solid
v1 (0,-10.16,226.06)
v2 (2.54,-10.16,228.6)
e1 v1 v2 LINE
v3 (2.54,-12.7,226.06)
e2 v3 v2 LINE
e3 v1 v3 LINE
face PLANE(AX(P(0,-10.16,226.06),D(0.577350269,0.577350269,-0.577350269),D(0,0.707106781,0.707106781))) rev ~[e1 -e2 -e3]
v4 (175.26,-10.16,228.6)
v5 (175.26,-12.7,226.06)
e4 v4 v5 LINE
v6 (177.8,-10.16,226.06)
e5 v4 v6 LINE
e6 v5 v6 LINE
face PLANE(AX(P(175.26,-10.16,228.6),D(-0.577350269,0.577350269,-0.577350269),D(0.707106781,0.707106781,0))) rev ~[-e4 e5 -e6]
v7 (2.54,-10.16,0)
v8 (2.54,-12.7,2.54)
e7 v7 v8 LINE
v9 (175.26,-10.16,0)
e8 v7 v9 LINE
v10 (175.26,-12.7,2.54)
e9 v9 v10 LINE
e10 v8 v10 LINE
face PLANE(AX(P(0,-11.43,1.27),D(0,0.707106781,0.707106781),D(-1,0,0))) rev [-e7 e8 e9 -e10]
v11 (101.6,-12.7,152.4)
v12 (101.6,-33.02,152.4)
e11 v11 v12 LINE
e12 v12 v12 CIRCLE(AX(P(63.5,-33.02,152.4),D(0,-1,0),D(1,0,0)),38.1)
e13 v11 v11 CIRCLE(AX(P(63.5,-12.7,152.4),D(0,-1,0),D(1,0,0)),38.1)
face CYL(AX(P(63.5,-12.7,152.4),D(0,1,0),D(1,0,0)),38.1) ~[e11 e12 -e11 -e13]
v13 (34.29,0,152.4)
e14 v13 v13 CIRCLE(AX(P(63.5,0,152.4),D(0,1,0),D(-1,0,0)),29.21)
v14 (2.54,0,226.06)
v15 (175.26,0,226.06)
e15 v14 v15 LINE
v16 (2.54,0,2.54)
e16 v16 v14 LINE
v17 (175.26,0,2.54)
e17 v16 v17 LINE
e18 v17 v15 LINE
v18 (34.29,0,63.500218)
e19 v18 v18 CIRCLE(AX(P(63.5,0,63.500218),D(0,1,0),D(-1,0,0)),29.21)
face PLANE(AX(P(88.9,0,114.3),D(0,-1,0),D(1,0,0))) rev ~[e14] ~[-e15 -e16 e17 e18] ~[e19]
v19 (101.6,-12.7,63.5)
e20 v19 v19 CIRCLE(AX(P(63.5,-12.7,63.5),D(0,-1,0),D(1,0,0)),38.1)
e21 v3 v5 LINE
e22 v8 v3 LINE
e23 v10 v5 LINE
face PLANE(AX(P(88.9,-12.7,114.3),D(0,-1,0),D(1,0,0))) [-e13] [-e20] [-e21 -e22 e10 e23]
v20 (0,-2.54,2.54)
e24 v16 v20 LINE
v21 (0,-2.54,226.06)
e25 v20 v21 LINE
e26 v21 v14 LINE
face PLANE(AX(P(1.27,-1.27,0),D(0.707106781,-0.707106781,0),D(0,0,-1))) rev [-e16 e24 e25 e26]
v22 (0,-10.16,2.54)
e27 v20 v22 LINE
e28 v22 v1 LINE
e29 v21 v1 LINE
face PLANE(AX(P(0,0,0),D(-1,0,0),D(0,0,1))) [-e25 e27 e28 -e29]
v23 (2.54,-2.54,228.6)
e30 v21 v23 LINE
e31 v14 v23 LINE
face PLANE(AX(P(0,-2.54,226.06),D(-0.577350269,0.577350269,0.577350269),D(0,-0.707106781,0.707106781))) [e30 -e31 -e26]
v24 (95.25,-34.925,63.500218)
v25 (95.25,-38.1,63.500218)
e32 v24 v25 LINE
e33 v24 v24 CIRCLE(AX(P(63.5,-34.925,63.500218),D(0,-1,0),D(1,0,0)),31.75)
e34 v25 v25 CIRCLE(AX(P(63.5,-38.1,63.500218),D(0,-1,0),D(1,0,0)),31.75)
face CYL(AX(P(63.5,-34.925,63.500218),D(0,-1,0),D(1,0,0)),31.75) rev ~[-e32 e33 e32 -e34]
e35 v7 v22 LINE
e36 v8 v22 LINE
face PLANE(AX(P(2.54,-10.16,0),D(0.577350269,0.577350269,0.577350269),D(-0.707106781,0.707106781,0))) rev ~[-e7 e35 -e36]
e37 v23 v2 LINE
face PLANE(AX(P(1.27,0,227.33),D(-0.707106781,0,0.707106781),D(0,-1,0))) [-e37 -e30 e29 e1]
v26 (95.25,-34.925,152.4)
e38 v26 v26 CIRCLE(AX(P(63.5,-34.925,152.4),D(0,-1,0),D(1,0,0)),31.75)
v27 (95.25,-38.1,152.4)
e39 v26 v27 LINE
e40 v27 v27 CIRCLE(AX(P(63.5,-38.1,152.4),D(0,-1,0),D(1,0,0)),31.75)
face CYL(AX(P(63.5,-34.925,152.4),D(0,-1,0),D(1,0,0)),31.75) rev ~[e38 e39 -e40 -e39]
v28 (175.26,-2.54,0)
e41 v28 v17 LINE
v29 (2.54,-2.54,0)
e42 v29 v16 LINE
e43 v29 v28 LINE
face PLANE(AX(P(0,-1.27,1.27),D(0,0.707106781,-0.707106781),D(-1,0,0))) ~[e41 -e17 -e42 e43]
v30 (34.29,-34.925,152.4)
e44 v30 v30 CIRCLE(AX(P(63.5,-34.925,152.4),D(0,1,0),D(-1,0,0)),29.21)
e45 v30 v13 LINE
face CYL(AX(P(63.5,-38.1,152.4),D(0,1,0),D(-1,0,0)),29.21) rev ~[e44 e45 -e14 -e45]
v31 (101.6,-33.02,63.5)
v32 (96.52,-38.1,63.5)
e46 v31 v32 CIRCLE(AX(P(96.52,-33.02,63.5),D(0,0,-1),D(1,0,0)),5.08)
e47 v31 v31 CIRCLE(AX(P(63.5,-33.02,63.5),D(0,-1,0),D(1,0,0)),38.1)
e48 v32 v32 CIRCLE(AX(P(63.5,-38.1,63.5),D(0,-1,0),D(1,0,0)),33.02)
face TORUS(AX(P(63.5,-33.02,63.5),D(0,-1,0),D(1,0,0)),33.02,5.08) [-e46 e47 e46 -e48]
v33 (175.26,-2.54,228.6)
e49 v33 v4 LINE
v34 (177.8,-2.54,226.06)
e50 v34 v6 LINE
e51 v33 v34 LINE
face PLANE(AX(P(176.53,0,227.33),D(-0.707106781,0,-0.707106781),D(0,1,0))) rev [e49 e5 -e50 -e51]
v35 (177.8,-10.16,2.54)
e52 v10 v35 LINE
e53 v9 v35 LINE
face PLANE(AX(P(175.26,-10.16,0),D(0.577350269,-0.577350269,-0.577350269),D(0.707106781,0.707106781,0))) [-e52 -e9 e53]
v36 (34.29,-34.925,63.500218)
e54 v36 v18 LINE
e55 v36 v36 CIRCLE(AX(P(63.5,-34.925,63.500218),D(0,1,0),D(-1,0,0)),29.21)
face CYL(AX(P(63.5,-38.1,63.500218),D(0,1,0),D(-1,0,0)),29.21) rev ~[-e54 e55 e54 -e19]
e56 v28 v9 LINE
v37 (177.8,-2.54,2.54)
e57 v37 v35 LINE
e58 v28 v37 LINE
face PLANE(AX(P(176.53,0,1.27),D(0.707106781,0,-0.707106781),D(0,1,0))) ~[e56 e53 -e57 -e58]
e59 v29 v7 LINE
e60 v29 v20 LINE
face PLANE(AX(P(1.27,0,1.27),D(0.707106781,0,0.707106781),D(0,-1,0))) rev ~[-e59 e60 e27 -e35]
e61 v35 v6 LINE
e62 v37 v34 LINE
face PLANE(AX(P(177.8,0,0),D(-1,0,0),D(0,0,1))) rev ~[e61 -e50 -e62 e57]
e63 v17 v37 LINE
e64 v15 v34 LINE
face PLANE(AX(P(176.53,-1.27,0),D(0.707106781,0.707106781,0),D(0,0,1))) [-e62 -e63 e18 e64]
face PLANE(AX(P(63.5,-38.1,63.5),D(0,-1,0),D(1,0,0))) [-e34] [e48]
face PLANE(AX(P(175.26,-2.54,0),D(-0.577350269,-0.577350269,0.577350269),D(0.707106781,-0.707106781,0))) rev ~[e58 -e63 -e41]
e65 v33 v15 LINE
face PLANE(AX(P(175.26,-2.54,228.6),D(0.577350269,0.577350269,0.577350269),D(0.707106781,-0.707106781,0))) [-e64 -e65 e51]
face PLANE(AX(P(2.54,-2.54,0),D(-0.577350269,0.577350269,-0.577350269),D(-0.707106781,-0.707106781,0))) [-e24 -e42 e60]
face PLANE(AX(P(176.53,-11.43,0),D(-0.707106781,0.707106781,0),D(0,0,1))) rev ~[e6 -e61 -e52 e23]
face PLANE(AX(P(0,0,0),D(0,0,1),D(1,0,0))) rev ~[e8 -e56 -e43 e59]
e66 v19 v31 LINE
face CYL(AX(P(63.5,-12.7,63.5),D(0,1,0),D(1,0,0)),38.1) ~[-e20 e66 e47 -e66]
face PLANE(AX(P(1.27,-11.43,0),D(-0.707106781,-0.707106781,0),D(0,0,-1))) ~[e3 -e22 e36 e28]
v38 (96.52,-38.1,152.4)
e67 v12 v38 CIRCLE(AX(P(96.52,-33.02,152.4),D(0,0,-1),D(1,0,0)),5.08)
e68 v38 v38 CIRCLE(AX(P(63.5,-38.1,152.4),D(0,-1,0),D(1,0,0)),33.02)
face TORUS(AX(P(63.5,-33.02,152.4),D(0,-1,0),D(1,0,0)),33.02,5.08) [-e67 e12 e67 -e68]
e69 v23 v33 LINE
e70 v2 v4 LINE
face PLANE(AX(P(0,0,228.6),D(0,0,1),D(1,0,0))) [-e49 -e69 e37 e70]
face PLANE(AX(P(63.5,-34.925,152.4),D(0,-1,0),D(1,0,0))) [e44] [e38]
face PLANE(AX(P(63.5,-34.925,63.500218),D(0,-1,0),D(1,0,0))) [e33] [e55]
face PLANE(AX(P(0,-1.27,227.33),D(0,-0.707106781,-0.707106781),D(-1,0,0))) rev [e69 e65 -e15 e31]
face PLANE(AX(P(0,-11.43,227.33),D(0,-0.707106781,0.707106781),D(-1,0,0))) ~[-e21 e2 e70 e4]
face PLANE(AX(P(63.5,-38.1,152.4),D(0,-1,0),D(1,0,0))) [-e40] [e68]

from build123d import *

# Parameters (mm, degrees)
F0_W           = 177.8
F0_H           = 228.6
F1_DEPTH       = 12.7
F2_R           = 38.1
F3_DEPTH       = 25.4
F4_SIZE        = 2.54
F5_R           = 5.08
F7_D           = 58.42
F7_CBORE_D     = 63.5
F7_CBORE_DEPTH = 3.175


with BuildPart() as f1:
    # F0 (on Front) → F1 (new body)
    with BuildSketch(Plane.XZ):
        with Locations((88.9, 114.3)):
            Rectangle(F0_W, F0_H)
    extrude(amount=F1_DEPTH)

    # F2 (on face) → F3 (join)
    with BuildSketch(Plane.XZ.offset(12.7)):
        with Locations((63.5, 152.4)):
            Circle(F2_R)
        with Locations((63.5, 63.5)):
            Circle(F2_R)
    extrude(amount=F3_DEPTH)

    # F4
    f4_edges = [f1.edges().sort_by_distance(p)[0] for p in [
        (177.8, -12.7, 114.3),
        (177.8, 0, 114.3),
        (88.9, -12.7, 228.6),
        (88.9, 0, 228.6),
        (0, -12.7, 114.3),
        (0, 0, 114.3),
        (88.9, -12.7, 0),
        (88.9, 0, 0),
        (0, -6.35, 0),
        (177.8, -6.35, 0),
        (0, -6.35, 228.6),
        (177.8, -6.35, 228.6),
    ]]
    chamfer(f4_edges, length=F4_SIZE)

    # F5
    f5_edges = [f1.edges().sort_by_distance(p)[0] for p in [
        (25.4, -38.1, 63.5),
        (25.4, -38.1, 152.4),
    ]]
    fillet(f5_edges, radius=F5_R)

    # F7 (through all)
    with Locations(Plane.XZ.offset(38.1)):
        with Locations((63.5, 152.4), (63.5, 63.500218)):
            CounterBoreHole(F7_D / 2, F7_CBORE_D / 2, F7_CBORE_DEPTH)


solid = f1.part
